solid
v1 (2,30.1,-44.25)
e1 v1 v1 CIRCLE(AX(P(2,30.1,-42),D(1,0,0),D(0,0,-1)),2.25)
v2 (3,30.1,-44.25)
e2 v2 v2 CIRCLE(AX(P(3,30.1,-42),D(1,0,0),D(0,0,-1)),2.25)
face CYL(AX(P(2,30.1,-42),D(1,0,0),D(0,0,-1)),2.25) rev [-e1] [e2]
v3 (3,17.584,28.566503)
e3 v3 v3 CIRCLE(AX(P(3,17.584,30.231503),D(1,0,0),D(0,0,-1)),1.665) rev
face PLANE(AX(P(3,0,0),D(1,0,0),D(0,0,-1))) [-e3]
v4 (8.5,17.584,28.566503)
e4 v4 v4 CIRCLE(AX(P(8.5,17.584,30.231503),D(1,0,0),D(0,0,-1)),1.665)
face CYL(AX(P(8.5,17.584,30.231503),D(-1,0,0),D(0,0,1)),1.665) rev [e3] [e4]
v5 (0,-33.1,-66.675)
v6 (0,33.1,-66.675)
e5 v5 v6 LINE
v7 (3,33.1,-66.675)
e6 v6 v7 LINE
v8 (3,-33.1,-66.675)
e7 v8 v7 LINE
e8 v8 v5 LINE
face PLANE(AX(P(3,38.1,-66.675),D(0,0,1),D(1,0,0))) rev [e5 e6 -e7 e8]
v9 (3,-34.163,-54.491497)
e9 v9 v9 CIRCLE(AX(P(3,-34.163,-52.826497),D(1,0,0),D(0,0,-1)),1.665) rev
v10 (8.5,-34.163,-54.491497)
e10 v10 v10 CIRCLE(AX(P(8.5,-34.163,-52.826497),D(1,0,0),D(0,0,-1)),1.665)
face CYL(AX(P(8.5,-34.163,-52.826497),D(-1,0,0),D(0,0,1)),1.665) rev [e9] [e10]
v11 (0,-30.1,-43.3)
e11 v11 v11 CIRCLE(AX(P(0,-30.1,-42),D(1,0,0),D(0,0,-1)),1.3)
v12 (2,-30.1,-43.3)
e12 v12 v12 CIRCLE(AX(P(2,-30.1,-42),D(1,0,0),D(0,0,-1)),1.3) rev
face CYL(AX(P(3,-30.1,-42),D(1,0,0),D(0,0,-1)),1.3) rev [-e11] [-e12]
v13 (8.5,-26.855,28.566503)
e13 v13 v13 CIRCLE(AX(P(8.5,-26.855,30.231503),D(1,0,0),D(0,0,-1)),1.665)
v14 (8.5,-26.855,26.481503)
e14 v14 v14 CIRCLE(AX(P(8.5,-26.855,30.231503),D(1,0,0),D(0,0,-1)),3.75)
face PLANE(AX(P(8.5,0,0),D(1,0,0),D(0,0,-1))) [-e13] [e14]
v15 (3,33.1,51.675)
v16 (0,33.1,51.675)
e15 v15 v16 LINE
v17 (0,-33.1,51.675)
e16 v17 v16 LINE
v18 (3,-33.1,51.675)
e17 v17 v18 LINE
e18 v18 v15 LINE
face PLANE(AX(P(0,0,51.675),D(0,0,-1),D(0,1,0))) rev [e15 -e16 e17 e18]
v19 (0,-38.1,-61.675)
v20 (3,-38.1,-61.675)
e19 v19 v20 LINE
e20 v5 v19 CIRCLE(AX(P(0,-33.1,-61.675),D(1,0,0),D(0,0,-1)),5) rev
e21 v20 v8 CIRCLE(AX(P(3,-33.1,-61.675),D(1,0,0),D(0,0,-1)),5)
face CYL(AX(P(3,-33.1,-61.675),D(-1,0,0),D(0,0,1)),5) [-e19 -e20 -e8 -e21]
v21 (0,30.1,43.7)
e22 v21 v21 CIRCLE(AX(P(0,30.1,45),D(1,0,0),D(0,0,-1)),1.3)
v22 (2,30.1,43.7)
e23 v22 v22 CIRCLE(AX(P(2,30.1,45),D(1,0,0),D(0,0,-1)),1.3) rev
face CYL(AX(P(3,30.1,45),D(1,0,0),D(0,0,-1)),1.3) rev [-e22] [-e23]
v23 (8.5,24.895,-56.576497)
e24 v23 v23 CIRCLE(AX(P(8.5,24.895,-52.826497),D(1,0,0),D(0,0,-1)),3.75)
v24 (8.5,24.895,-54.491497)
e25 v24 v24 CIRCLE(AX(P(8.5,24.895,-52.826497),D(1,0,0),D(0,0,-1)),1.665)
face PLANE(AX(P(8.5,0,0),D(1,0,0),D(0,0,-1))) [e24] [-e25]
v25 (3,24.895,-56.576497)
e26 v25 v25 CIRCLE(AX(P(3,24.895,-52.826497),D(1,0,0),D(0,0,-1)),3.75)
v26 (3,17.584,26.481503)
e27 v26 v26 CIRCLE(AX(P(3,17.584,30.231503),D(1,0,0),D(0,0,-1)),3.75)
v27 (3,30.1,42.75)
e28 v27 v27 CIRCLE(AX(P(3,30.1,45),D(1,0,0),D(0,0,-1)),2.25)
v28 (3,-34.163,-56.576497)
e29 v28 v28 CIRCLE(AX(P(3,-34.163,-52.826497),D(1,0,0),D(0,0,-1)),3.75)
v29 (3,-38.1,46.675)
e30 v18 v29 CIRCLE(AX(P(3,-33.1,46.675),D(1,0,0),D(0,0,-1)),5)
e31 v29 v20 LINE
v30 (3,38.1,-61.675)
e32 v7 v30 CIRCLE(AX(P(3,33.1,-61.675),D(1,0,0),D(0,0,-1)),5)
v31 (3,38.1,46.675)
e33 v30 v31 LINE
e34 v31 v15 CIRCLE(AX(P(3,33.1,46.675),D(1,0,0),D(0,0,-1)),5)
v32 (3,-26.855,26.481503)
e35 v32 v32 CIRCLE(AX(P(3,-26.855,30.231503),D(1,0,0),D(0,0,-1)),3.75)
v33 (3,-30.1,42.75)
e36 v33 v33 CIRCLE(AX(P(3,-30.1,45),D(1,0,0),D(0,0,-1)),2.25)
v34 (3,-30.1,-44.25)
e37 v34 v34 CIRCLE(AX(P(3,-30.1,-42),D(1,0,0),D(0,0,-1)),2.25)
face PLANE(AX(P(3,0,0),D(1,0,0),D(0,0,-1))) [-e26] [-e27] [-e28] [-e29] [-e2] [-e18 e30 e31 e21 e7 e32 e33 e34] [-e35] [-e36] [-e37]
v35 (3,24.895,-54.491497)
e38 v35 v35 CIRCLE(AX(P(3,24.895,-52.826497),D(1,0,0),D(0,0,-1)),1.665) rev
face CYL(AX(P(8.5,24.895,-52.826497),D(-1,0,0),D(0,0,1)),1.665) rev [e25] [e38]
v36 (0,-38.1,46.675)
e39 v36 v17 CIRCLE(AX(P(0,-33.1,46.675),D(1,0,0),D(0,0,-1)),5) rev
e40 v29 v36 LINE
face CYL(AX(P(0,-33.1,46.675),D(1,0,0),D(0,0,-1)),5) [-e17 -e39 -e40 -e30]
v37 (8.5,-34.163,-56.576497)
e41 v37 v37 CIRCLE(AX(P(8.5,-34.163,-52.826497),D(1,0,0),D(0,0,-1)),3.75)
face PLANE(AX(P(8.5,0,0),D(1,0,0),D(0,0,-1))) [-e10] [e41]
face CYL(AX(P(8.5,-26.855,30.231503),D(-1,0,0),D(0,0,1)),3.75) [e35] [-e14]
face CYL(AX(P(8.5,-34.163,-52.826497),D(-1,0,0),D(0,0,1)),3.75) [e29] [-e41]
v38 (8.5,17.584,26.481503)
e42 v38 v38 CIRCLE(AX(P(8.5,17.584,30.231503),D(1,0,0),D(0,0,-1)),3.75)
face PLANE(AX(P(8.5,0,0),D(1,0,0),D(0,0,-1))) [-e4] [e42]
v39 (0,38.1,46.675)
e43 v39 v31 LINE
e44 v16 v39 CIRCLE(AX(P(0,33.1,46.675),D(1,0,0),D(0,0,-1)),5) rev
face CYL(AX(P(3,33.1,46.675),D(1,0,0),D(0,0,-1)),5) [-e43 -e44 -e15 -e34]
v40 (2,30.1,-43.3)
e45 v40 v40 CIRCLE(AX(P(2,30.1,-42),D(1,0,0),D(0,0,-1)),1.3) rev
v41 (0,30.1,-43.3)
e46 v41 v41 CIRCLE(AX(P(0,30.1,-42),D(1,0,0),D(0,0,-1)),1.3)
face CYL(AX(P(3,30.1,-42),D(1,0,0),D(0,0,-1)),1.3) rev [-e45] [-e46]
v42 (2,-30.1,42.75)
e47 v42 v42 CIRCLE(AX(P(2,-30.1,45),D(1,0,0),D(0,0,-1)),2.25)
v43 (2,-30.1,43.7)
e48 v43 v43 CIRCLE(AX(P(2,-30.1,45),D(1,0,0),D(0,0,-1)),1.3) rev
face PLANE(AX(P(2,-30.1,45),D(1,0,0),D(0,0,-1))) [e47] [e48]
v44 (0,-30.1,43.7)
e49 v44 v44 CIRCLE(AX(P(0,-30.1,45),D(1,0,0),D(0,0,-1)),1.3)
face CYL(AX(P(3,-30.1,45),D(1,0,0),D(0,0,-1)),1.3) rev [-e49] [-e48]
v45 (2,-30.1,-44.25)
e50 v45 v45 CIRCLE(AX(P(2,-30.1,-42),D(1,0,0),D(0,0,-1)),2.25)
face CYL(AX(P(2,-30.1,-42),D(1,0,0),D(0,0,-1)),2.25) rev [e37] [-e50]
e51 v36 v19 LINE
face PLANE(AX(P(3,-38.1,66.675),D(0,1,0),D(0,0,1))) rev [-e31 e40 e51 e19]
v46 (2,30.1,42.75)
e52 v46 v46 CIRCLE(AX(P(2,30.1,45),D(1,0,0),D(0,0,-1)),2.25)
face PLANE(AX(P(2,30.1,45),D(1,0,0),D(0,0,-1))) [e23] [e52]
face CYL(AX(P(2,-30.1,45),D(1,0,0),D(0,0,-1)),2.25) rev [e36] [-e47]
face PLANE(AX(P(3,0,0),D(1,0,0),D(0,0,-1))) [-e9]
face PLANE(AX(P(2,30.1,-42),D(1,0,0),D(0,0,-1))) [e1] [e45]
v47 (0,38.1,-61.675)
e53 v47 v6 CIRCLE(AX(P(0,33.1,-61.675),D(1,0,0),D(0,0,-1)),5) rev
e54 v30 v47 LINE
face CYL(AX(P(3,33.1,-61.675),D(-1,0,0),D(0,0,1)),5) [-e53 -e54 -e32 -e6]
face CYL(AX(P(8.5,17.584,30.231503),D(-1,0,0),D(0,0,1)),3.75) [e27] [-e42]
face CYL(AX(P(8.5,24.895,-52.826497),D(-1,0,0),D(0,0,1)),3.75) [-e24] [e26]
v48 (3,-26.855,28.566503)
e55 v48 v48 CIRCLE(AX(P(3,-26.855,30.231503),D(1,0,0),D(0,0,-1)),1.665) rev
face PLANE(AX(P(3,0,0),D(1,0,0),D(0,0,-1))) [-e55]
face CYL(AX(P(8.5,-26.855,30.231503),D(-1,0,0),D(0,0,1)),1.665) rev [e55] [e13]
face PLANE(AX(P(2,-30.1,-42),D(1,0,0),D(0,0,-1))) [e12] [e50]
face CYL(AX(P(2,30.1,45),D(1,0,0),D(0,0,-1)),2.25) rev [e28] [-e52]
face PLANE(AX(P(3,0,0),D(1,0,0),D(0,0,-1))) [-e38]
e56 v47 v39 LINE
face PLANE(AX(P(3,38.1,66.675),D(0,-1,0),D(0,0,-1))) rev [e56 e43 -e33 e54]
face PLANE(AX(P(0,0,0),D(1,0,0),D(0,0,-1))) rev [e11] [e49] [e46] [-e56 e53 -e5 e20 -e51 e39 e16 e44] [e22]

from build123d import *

# Parameters (mm, degrees)
SKETCH1_W            = 133.35
SKETCH1_H            = 76.2
BOSS_EXTRUDE1_DEPTH  = 3
M2_CLEARANCE_HOLE1_D = 2.6
SKETCH7_R            = 3.75
SKETCH7_R_2          = 1.665
BOSS_EXTRUDE2_DEPTH  = 5.5
CUT_EXTRUDE1_DEPTH   = 77.989711163
FILLET1_R            = 5
SKETCH9_R            = 2.25
CUT_EXTRUDE2_DEPTH   = 1


with BuildPart() as part:
    # Sketch1 → Boss-Extrude1 (new body)
    with BuildSketch(Plane(origin=(0, 0, 0), x_dir=(0, 0, -1), z_dir=(1, 0, 0))):
        Rectangle(SKETCH1_W, SKETCH1_H)
    extrude(amount=BOSS_EXTRUDE1_DEPTH)

    # M2 Clearance Hole1 (through all)
    with Locations(Plane(origin=(3, 0, 0), x_dir=(0, 0, -1), z_dir=(1, 0, 0))):
        with Locations((-45, -30.1), (-45, 30.1), (42, 30.1), (42, -30.1)):
            Hole(M2_CLEARANCE_HOLE1_D / 2)

    # Sketch7 → Boss-Extrude2 (add)
    # profile 1 of 4: a face of its own
    with BuildSketch(Plane(origin=(3, 0, 0), x_dir=(0, 0, -1), z_dir=(1, 0, 0))):
        with Locations((-30.23150301, -26.854999996)):
            Circle(SKETCH7_R)
        with Locations((-30.23150301, -26.854999996)):
            Circle(SKETCH7_R_2, mode=Mode.SUBTRACT)
    # profile 2 of 4: a face of its own
    with BuildSketch(Plane(origin=(3, 0, 0), x_dir=(0, 0, -1), z_dir=(1, 0, 0))):
        with Locations((-30.23150301, 17.584000004)):
            Circle(SKETCH7_R)
        with Locations((-30.23150301, 17.584000004)):
            Circle(SKETCH7_R_2, mode=Mode.SUBTRACT)
    # profile 3 of 4: a face of its own
    with BuildSketch(Plane(origin=(3, 0, 0), x_dir=(0, 0, -1), z_dir=(1, 0, 0))):
        with Locations((52.82649699, 24.895000004)):
            Circle(SKETCH7_R)
        with Locations((52.82649699, 24.895000004)):
            Circle(SKETCH7_R_2, mode=Mode.SUBTRACT)
    # profile 4 of 4: a face of its own
    with BuildSketch(Plane(origin=(3, 0, 0), x_dir=(0, 0, -1), z_dir=(1, 0, 0))):
        with Locations((52.82649699, -34.162999996)):
            Circle(SKETCH7_R)
        with Locations((52.82649699, -34.162999996)):
            Circle(SKETCH7_R_2, mode=Mode.SUBTRACT)
    extrude(amount=BOSS_EXTRUDE2_DEPTH)

    # Sketch8 → Cut-Extrude1 (cut, through all)
    with BuildSketch(Plane(origin=(3, 0, 0), x_dir=(0, 0, -1), z_dir=(1, 0, 0))):
        Polygon((-51.675, -329.618471863), (-51.675, -38.1), (-51.675, 38.1), (-51.675, 329.618471863), (-634.711943726, 329.618471863), (-634.711943726, -329.618471863), align=None)
    extrude(amount=-CUT_EXTRUDE1_DEPTH, mode=Mode.SUBTRACT)

    # Fillet1
    fillet1_edges = [part.edges().sort_by_distance(p)[0] for p in [
        (1.5, -38.1, 51.675),
        (1.5, 38.1, 51.675),
        (1.5, -38.1, -66.675),
        (1.5, 38.1, -66.675),
    ]]
    fillet(fillet1_edges, radius=FILLET1_R)

    # Sketch9 → Cut-Extrude2 (cut)
    with BuildSketch(Plane(origin=(3, 0, 0), x_dir=(0, 0, -1), z_dir=(1, 0, 0))):
        with Locations((-45, -30.1)):
            Circle(SKETCH9_R)
        with Locations((-45, 30.1)):
            Circle(SKETCH9_R)
        with Locations((42, 30.1)):
            Circle(SKETCH9_R)
        with Locations((42, -30.1)):
            Circle(SKETCH9_R)
    extrude(amount=-CUT_EXTRUDE2_DEPTH, mode=Mode.SUBTRACT)


solid = part.part
